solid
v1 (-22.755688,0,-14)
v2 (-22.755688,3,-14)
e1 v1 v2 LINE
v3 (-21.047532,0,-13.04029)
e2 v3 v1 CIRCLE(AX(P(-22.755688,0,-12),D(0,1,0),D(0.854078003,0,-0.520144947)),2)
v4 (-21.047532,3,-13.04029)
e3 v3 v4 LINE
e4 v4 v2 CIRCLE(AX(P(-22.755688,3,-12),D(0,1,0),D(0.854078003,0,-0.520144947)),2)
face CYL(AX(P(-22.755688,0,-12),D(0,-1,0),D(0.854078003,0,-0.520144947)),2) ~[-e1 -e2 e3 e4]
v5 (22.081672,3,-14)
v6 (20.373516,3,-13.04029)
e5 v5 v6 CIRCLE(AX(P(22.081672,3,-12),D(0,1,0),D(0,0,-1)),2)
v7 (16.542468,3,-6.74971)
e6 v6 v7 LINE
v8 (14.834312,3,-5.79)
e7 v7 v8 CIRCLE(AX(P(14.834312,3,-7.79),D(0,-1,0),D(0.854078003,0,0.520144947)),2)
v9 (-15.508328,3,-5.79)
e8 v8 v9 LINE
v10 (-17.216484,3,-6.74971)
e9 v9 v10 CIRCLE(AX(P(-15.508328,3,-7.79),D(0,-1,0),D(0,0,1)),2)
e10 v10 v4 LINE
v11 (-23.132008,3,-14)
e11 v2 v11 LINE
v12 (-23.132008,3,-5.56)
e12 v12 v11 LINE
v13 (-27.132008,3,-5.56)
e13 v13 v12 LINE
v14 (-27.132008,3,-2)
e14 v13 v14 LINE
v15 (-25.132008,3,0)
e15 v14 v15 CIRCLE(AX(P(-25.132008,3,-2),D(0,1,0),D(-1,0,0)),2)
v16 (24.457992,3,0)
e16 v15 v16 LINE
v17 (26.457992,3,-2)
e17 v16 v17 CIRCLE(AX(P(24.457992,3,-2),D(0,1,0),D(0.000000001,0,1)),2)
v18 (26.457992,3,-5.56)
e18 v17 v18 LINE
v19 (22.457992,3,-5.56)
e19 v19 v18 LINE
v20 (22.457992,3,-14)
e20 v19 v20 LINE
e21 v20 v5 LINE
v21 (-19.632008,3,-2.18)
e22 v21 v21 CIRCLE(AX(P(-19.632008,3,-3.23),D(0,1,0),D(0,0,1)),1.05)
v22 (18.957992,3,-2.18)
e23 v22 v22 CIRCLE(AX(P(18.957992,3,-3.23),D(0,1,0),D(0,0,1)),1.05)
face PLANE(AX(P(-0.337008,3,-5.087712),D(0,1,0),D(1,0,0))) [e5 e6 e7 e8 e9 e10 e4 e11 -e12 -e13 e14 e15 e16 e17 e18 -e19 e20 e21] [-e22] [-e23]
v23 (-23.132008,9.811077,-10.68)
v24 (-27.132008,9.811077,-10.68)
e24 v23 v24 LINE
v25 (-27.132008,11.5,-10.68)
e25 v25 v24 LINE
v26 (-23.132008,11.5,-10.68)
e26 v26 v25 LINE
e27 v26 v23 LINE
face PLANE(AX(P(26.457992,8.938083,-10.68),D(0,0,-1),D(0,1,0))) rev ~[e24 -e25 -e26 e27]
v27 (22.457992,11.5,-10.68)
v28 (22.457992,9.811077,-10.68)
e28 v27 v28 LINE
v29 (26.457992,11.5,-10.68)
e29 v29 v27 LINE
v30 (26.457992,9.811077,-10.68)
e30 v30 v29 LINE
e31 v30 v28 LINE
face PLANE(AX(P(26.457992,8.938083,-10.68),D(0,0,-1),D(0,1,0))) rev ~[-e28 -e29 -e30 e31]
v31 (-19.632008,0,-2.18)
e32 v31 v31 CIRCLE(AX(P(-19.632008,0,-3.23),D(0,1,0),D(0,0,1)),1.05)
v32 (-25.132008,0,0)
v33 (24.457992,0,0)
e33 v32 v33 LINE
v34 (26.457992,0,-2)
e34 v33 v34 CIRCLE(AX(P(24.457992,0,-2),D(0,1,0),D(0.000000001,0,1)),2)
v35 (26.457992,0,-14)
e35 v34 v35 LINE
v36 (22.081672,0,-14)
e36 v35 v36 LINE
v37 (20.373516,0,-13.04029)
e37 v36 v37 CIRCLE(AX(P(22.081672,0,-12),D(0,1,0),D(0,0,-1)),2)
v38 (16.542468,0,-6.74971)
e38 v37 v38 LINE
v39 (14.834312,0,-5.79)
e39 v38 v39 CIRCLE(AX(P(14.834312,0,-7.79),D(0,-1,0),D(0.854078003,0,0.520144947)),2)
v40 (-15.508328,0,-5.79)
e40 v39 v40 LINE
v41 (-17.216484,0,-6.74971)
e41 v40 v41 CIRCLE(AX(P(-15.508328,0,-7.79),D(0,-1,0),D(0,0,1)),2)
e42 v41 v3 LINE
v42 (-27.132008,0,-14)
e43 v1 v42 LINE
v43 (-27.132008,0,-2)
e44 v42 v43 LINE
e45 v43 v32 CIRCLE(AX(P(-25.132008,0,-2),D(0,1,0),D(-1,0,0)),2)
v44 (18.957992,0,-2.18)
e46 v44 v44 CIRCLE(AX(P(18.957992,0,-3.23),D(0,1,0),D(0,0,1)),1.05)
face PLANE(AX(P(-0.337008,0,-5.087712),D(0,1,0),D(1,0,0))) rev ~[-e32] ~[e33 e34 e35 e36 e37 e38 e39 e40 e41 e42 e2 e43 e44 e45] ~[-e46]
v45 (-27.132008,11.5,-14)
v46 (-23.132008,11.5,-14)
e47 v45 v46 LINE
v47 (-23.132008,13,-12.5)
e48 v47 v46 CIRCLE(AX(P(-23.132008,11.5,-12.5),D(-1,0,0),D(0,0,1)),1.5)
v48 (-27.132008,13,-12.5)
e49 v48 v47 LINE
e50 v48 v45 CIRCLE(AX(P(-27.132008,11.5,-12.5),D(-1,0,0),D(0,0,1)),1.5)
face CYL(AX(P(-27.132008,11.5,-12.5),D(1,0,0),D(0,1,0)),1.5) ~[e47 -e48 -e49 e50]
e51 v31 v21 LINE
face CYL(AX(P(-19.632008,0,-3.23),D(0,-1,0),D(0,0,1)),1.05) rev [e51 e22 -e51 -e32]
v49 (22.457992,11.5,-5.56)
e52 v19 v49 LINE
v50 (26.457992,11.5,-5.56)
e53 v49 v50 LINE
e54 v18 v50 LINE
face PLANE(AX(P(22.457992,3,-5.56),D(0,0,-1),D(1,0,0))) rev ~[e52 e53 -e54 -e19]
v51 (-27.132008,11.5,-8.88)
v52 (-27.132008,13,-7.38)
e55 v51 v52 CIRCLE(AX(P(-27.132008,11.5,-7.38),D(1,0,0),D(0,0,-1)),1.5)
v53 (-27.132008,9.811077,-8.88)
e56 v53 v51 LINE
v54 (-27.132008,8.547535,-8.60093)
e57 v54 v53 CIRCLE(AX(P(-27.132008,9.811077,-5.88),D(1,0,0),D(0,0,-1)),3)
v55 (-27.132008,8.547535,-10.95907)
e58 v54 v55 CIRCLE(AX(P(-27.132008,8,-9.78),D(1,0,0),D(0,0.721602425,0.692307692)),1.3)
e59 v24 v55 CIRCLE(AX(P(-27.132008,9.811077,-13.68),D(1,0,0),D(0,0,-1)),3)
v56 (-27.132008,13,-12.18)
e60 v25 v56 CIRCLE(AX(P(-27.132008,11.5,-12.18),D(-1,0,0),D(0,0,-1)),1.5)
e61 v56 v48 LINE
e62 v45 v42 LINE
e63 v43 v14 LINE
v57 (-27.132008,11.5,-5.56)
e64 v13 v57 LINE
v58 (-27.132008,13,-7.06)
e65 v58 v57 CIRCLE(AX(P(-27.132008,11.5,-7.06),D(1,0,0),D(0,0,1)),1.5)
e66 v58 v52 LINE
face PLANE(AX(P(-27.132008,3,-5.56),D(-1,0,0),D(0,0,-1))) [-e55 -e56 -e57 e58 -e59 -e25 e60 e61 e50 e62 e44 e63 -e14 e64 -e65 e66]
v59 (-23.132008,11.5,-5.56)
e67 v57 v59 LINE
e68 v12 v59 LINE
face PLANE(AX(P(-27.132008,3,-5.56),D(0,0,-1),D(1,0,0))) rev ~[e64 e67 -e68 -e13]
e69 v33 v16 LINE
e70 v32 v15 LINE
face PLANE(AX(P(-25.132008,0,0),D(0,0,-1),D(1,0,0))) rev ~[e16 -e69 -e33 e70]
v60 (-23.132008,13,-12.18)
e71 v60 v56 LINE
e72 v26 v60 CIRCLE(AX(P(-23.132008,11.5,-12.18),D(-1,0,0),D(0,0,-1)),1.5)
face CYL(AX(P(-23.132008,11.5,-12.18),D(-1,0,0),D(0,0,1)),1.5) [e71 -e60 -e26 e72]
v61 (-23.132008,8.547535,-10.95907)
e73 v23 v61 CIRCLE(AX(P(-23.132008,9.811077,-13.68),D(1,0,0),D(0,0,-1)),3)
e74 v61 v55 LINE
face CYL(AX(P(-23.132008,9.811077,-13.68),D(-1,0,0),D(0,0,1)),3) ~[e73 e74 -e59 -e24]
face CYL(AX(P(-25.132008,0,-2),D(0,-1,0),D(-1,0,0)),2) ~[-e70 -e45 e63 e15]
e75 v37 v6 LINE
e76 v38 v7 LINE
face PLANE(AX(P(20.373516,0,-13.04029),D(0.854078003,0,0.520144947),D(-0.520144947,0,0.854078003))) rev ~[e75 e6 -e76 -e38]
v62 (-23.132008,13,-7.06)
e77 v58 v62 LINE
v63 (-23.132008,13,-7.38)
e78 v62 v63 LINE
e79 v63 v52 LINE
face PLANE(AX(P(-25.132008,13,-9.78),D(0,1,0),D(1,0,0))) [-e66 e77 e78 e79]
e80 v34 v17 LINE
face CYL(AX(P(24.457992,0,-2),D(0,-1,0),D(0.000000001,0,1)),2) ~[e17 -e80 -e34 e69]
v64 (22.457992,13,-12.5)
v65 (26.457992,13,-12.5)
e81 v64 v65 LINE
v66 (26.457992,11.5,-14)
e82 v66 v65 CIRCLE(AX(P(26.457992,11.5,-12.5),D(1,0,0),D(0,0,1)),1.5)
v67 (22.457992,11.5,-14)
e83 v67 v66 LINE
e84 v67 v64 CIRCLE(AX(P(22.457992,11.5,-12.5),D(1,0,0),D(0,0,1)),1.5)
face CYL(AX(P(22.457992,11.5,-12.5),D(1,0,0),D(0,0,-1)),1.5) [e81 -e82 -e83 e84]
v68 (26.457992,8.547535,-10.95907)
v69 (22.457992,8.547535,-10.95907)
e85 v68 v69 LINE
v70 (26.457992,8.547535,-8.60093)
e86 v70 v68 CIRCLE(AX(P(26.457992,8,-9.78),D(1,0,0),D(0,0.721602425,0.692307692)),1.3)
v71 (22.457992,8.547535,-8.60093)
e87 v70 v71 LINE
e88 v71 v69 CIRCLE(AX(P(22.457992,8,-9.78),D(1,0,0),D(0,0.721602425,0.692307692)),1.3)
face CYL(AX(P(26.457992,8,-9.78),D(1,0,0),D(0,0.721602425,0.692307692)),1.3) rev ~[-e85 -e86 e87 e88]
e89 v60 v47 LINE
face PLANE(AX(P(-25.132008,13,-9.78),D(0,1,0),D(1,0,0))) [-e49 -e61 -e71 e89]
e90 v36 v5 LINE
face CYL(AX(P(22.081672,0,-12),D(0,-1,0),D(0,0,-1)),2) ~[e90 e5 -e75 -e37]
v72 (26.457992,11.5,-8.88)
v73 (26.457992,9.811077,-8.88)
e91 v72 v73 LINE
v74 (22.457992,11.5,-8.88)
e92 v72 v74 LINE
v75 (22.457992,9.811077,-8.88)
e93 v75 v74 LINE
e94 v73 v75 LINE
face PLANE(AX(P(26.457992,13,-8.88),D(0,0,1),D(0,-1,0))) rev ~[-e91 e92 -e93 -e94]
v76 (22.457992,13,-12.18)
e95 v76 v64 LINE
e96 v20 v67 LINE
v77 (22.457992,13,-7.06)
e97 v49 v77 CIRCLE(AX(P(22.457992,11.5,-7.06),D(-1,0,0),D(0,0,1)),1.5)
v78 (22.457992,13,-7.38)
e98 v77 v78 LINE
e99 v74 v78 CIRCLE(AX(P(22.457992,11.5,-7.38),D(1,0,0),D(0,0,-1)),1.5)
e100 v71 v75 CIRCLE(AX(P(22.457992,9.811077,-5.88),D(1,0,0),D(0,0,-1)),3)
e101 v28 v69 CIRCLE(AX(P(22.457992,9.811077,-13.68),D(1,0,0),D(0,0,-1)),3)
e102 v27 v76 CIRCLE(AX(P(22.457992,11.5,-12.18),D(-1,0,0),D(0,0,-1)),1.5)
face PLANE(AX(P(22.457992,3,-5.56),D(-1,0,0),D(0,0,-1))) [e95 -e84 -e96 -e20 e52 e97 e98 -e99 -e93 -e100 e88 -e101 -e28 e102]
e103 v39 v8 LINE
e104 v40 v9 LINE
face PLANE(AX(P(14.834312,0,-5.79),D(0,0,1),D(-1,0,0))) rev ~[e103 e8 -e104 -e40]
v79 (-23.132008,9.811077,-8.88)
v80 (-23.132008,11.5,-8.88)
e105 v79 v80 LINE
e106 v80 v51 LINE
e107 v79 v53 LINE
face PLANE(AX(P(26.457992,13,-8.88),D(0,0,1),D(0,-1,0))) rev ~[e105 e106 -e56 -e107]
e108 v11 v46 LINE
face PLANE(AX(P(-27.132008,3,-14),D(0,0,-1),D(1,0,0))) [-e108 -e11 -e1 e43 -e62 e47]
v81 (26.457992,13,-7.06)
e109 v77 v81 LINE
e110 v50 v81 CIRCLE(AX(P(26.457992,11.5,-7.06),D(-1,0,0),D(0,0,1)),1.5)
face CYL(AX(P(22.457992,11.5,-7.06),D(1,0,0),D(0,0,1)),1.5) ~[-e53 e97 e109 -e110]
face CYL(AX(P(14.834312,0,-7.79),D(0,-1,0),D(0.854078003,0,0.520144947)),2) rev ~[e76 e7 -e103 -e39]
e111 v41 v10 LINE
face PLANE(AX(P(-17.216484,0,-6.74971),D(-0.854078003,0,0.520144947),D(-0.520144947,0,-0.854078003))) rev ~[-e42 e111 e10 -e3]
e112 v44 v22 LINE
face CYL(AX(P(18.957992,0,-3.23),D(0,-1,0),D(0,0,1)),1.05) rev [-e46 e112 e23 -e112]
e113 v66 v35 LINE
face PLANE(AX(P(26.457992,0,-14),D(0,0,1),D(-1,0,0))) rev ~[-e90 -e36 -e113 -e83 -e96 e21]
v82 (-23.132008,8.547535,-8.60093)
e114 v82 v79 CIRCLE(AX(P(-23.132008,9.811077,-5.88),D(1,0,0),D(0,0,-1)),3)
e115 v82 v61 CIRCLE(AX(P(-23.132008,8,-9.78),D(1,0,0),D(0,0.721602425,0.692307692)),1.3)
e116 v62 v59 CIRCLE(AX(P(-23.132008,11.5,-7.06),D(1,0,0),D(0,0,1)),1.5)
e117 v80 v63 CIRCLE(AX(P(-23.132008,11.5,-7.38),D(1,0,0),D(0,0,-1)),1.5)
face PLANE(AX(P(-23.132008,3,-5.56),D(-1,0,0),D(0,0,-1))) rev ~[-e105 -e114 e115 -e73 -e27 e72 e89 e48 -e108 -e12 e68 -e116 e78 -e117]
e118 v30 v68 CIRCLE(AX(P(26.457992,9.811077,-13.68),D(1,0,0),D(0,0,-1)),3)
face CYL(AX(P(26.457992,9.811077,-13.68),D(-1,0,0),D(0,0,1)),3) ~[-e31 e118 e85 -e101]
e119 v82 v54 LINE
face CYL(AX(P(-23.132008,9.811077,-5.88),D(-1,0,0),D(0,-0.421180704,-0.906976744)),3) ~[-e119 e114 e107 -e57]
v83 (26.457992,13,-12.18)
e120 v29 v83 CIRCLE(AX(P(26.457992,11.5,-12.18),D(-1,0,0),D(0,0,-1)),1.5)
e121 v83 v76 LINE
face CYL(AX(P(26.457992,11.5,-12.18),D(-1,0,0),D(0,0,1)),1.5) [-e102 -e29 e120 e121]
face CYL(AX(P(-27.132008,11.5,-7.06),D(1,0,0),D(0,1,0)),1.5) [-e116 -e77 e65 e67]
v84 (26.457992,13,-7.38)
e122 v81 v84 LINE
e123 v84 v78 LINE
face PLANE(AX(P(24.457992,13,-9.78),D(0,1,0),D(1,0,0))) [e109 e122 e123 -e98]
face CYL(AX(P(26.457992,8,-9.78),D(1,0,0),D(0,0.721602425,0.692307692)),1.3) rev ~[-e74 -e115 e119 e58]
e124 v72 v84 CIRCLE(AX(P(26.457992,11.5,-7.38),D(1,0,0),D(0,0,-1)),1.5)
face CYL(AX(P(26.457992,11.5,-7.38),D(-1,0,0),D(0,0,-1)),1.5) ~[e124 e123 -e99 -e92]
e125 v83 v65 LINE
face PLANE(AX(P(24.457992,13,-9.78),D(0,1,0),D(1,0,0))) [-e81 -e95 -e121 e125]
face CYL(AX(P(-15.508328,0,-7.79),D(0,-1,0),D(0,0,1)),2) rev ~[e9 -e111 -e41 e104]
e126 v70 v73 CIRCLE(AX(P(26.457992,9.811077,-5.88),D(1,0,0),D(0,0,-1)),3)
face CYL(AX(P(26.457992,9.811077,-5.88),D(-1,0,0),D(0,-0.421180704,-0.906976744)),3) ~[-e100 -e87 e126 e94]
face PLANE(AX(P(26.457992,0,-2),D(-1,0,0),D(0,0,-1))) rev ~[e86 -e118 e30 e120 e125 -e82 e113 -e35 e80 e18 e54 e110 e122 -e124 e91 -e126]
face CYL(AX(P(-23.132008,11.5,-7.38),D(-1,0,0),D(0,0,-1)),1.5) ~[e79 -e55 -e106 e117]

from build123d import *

# Parameters (mm, degrees)
SKETCH1_R           = 1.05
BOSS_EXTRUDE1_DEPTH = 3
SKETCH2_W           = 4
SKETCH2_H           = 8.44
BOSS_EXTRUDE2_DEPTH = 10
SKETCH3_R           = 1.3
CUT_EXTRUDE1_DEPTH  = 57.893656061
FILLET1_R           = 3
FILLET6_R           = 1.5


with BuildPart() as part:
    # Sketch1 → Boss-Extrude1 (new body)
    with BuildSketch(Plane(origin=(0, 0, 0), x_dir=(1, 0, 0), z_dir=(0, 1, 0))):
        with BuildLine():
            Line((0, 0), (24.457992021, 0))
            ThreePointArc((24.457992021, 0), (25.872205583, 0.585786438), (26.457992021, 2))
            Line((26.457992021, 2), (26.457992021, 14))
            Line((26.457992021, 14), (22.081671712, 14))
            ThreePointArc((22.081671712, 14), (21.102023762, 13.743642708), (20.373515707, 13.040289893))
            Line((20.373515707, 13.040289893), (16.542468334, 6.749710107))
            ThreePointArc((16.542468334, 6.749710107), (15.813960279, 6.046357292), (14.834312329, 5.79))
            Line((14.834312329, 5.79), (-15.508328288, 5.79))
            ThreePointArc((-15.508328288, 5.79), (-16.487976238, 6.046357292), (-17.216484293, 6.749710107))
            Line((-17.216484293, 6.749710107), (-21.047531666, 13.040289893))
            ThreePointArc((-21.047531666, 13.040289893), (-21.776039721, 13.743642708), (-22.755687671, 14))
            Line((-22.755687671, 14), (-27.132007979, 14))
            Line((-27.132007979, 14), (-27.132007979, 2))
            ThreePointArc((-27.132007979, 2), (-26.546221542, 0.585786438), (-25.132007979, 0))
            Line((-25.132007979, 0), (0, 0))
        make_face()
        with Locations(Location((18.957992021, 3.23, 0), (0, 0, 270))):
            Circle(SKETCH1_R, mode=Mode.SUBTRACT)
        with Locations(Location((-19.632007979, 3.23, 0), (0, 0, 270))):
            Circle(SKETCH1_R, mode=Mode.SUBTRACT)
    extrude(amount=BOSS_EXTRUDE1_DEPTH)

    # Sketch2 → Boss-Extrude2 (add)
    with BuildSketch(Plane(origin=(0, 3, 0), x_dir=(1, 0, 0), z_dir=(0, 1, 0))):
        with Locations((-25.132007979, 9.78)):
            Rectangle(SKETCH2_W, SKETCH2_H)
        with Locations((24.457992021, 9.78)):
            Rectangle(SKETCH2_W, SKETCH2_H)
    extrude(amount=BOSS_EXTRUDE2_DEPTH)

    # Sketch3 → Cut-Extrude1 (cut, through all)
    with BuildSketch(Plane(origin=(26.457992021, 0, 0), x_dir=(0, 0, -1), z_dir=(1, 0, 0))):
        with BuildLine():
            Line((10.68, 13), (8.88, 13))
            Line((8.88, 13), (8.88, 8.938083152))
            ThreePointArc((8.88, 8.938083152), (9.78, 9.3), (10.68, 8.938083152))
            Line((10.68, 8.938083152), (10.68, 13))
        make_face()
        with Locations((9.78, 8)):
            Circle(SKETCH3_R)
    extrude(amount=-CUT_EXTRUDE1_DEPTH, mode=Mode.SUBTRACT)

    # Fillet1
    fillet1_edges = [part.edges().sort_by_distance(p)[0] for p in [
        (-25.132007979, 8.938083152, -10.68),
        (24.457992021, 8.938083152, -10.68),
        (-25.132007979, 8.938083152, -8.88),
        (24.457992021, 8.938083152, -8.88),
    ]]
    fillet(fillet1_edges, radius=FILLET1_R)

    # Fillet6
    fillet6_edges = [part.edges().sort_by_distance(p)[0] for p in [
        (-25.132007979, 13, -5.56),
        (-25.132007979, 13, -14),
        (24.457992021, 13, -14),
        (24.457992021, 13, -5.56),
        (24.457992021, 13, -10.68),
        (24.457992021, 13, -8.88),
        (-25.132007979, 13, -8.88),
        (-25.132007979, 13, -10.68),
    ]]
    fillet(fillet6_edges, radius=FILLET6_R)


solid = part.part
